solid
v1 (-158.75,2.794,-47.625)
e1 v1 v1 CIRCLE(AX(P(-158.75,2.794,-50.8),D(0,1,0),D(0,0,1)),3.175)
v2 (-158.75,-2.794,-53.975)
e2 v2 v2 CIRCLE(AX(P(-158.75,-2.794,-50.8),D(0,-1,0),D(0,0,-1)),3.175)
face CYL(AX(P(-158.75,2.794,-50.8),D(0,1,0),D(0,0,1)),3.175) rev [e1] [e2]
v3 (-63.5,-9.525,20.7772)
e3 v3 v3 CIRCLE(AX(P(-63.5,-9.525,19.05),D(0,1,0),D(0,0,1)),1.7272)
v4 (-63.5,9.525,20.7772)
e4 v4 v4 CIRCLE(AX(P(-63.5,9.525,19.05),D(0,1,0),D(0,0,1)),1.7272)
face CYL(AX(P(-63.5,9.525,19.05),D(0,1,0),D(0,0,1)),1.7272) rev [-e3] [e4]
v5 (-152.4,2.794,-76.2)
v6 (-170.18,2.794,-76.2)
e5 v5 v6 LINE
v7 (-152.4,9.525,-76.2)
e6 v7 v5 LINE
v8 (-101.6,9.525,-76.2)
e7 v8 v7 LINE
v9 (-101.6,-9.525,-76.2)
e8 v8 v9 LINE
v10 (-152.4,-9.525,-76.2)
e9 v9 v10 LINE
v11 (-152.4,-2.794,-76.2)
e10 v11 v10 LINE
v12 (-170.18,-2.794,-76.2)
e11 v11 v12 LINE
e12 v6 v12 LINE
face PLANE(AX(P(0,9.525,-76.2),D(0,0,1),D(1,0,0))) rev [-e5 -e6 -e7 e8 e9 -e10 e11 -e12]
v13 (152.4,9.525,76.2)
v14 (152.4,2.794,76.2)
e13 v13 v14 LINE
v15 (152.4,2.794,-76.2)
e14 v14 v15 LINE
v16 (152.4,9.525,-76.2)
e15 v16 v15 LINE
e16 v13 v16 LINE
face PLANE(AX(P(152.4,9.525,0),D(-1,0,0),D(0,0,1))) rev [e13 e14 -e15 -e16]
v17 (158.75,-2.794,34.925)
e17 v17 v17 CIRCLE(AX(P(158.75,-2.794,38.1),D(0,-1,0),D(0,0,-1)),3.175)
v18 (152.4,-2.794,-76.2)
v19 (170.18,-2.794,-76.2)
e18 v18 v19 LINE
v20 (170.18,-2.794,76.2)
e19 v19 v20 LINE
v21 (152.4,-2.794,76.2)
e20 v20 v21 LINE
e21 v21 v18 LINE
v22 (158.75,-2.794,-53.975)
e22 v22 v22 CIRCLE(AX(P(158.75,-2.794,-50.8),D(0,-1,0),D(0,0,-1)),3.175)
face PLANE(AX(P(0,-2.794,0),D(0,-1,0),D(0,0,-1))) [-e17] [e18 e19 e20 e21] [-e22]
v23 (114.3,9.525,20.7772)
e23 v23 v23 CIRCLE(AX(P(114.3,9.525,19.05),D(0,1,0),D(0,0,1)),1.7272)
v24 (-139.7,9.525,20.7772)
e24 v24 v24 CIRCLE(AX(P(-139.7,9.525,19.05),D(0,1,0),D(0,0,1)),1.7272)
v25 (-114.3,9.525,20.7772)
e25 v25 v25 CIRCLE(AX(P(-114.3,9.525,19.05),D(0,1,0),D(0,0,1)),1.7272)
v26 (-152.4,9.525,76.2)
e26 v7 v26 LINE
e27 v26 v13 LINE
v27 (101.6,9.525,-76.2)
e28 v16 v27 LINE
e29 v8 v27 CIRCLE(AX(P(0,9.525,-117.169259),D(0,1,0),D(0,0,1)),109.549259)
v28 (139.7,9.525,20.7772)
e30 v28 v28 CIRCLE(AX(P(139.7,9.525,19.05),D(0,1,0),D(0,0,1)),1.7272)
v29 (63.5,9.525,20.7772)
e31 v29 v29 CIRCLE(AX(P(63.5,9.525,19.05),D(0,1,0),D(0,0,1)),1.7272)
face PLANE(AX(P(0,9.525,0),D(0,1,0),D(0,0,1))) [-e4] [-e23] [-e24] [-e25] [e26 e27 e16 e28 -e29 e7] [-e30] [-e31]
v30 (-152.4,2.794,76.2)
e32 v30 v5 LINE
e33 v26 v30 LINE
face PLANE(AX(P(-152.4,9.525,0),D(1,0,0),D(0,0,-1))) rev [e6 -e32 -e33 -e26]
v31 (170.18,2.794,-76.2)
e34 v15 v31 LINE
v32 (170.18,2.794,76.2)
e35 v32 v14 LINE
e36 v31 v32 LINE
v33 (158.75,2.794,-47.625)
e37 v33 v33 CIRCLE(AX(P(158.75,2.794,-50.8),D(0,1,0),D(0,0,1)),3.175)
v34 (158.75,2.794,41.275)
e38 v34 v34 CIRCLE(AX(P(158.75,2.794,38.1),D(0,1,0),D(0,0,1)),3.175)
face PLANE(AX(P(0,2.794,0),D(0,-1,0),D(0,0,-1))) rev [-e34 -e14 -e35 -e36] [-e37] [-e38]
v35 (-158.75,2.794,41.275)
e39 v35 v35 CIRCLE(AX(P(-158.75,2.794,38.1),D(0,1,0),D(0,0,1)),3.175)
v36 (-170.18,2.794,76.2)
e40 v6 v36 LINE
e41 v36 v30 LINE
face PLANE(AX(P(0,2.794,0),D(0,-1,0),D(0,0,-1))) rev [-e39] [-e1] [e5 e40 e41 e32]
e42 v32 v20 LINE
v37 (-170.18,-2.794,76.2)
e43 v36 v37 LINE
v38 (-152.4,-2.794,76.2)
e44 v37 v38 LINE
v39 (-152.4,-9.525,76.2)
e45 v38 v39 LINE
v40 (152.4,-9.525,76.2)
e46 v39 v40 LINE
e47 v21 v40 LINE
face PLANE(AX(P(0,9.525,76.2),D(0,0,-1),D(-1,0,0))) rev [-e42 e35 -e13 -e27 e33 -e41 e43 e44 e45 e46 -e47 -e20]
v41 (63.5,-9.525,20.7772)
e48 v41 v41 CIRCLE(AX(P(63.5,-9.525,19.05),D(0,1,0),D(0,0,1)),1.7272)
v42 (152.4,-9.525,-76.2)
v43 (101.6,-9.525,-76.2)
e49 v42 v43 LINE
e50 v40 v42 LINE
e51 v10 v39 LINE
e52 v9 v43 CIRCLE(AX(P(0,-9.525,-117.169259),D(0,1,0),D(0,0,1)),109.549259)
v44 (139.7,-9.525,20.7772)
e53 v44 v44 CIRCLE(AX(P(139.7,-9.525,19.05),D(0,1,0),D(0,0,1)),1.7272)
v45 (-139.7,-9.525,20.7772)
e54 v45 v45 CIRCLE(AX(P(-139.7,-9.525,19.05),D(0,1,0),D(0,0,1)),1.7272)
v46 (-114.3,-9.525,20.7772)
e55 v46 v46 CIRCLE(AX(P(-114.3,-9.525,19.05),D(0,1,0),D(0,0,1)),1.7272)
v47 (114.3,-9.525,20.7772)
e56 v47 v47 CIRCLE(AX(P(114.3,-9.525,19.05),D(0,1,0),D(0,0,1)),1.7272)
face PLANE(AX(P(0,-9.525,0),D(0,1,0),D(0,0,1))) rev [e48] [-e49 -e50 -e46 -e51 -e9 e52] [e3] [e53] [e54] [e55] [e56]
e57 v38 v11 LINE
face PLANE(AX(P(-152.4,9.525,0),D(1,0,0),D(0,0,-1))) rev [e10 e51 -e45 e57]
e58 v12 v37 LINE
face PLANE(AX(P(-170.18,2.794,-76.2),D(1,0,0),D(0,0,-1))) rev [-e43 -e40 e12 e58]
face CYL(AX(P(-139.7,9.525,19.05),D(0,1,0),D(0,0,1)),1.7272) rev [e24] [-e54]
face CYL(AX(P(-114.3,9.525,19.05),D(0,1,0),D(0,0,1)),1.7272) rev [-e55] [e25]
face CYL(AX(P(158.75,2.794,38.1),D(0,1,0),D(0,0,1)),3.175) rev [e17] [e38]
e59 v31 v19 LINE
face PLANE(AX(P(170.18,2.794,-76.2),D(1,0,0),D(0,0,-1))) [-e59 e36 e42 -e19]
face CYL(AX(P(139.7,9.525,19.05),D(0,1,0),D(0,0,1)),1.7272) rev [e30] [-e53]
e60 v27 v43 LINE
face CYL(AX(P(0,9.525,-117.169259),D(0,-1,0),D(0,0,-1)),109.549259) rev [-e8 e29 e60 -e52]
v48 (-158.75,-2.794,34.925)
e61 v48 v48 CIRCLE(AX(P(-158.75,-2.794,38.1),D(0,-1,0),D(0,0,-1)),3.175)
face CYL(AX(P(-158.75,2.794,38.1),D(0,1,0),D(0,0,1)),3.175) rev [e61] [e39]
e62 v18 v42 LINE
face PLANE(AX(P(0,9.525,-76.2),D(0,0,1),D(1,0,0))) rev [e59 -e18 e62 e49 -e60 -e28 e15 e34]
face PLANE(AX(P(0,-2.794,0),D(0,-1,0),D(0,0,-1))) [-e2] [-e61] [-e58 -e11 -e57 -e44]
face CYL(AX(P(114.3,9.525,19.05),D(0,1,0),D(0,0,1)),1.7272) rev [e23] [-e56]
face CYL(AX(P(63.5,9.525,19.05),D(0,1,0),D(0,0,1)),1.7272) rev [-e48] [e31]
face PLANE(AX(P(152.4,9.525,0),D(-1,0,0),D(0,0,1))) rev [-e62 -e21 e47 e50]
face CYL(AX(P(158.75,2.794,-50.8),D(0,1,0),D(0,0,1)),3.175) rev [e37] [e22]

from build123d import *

# Parameters (mm, degrees)
BOSS_EXTRUDE1_DEPTH         = 9.525
F_8_32_TAPPED_HOLE1_D       = 3.4544
SKETCH6_W                   = 17.78
SKETCH6_H                   = 152.4
BOSS_EXTRUDE2_DEPTH         = 2.794
F_1_4_0_25_DIAMETER_HOLE1_D = 6.35


with BuildPart() as part:
    # Sketch1 → Boss-Extrude1 (new, symmetric)
    with BuildSketch(Plane(origin=(0, 0, 0), x_dir=(1, 0, 0), z_dir=(0, 1, 0))):
        with BuildLine():
            ThreePointArc((0, 7.62), (-61.289836841, 26.369500976), (-101.6, 76.2))
            Line((-101.6, 76.2), (-152.4, 76.2))
            Line((-152.4, 76.2), (-152.4, -76.2))
            Line((-152.4, -76.2), (152.4, -76.2))
            Line((152.4, -76.2), (152.4, 76.2))
            Line((152.4, 76.2), (101.6, 76.2))
            ThreePointArc((101.6, 76.2), (61.289836841, 26.369500976), (0, 7.62))
        make_face()
    extrude(amount=BOSS_EXTRUDE1_DEPTH, both=True)

    # #8-32 Tapped Hole1 (through all)
    with Locations(Plane(origin=(0, 9.525, 0), x_dir=(1, 0, 0), z_dir=(0, 1, 0))):
        with Locations((-139.7, -19.05), (-114.3, -19.05), (-63.5, -19.05)):
            f_8_32_tapped_hole1 = Hole(F_8_32_TAPPED_HOLE1_D / 2)

    # Mirror1: #8-32 Tapped Hole1 across plane
    add(f_8_32_tapped_hole1.mirror(Plane(origin=(0, 0, 0), x_dir=(0, 0, 1), z_dir=(1, 0, 0))), mode=Mode.SUBTRACT)

    # Sketch6 → Boss-Extrude2 (add, symmetric)
    with BuildSketch(Plane(origin=(0, 0, 0), x_dir=(1, 0, 0), z_dir=(0, 1, 0))):
        with Locations((-161.29, 0)):
            Rectangle(SKETCH6_W, SKETCH6_H)
    boss_extrude2 = extrude(amount=BOSS_EXTRUDE2_DEPTH, both=True)

    # 1/4 (0.25) Diameter Hole1 (through all)
    with Locations(Plane(origin=(0, 2.794, 0), x_dir=(1, 0, 0), z_dir=(0, 1, 0))):
        with Locations((-158.75, 50.8), (-158.75, -38.1)):
            f_1_4_0_25_diameter_hole1 = Hole(F_1_4_0_25_DIAMETER_HOLE1_D / 2)

    # Mirror2: Boss-Extrude2, 1/4 (0.25) Diameter Hole1 across plane
    add(boss_extrude2.mirror(Plane(origin=(0, 0, 0), x_dir=(0, 0, 1), z_dir=(1, 0, 0))))
    add(f_1_4_0_25_diameter_hole1.mirror(Plane(origin=(0, 0, 0), x_dir=(0, 0, 1), z_dir=(1, 0, 0))), mode=Mode.SUBTRACT)


solid = part.part
